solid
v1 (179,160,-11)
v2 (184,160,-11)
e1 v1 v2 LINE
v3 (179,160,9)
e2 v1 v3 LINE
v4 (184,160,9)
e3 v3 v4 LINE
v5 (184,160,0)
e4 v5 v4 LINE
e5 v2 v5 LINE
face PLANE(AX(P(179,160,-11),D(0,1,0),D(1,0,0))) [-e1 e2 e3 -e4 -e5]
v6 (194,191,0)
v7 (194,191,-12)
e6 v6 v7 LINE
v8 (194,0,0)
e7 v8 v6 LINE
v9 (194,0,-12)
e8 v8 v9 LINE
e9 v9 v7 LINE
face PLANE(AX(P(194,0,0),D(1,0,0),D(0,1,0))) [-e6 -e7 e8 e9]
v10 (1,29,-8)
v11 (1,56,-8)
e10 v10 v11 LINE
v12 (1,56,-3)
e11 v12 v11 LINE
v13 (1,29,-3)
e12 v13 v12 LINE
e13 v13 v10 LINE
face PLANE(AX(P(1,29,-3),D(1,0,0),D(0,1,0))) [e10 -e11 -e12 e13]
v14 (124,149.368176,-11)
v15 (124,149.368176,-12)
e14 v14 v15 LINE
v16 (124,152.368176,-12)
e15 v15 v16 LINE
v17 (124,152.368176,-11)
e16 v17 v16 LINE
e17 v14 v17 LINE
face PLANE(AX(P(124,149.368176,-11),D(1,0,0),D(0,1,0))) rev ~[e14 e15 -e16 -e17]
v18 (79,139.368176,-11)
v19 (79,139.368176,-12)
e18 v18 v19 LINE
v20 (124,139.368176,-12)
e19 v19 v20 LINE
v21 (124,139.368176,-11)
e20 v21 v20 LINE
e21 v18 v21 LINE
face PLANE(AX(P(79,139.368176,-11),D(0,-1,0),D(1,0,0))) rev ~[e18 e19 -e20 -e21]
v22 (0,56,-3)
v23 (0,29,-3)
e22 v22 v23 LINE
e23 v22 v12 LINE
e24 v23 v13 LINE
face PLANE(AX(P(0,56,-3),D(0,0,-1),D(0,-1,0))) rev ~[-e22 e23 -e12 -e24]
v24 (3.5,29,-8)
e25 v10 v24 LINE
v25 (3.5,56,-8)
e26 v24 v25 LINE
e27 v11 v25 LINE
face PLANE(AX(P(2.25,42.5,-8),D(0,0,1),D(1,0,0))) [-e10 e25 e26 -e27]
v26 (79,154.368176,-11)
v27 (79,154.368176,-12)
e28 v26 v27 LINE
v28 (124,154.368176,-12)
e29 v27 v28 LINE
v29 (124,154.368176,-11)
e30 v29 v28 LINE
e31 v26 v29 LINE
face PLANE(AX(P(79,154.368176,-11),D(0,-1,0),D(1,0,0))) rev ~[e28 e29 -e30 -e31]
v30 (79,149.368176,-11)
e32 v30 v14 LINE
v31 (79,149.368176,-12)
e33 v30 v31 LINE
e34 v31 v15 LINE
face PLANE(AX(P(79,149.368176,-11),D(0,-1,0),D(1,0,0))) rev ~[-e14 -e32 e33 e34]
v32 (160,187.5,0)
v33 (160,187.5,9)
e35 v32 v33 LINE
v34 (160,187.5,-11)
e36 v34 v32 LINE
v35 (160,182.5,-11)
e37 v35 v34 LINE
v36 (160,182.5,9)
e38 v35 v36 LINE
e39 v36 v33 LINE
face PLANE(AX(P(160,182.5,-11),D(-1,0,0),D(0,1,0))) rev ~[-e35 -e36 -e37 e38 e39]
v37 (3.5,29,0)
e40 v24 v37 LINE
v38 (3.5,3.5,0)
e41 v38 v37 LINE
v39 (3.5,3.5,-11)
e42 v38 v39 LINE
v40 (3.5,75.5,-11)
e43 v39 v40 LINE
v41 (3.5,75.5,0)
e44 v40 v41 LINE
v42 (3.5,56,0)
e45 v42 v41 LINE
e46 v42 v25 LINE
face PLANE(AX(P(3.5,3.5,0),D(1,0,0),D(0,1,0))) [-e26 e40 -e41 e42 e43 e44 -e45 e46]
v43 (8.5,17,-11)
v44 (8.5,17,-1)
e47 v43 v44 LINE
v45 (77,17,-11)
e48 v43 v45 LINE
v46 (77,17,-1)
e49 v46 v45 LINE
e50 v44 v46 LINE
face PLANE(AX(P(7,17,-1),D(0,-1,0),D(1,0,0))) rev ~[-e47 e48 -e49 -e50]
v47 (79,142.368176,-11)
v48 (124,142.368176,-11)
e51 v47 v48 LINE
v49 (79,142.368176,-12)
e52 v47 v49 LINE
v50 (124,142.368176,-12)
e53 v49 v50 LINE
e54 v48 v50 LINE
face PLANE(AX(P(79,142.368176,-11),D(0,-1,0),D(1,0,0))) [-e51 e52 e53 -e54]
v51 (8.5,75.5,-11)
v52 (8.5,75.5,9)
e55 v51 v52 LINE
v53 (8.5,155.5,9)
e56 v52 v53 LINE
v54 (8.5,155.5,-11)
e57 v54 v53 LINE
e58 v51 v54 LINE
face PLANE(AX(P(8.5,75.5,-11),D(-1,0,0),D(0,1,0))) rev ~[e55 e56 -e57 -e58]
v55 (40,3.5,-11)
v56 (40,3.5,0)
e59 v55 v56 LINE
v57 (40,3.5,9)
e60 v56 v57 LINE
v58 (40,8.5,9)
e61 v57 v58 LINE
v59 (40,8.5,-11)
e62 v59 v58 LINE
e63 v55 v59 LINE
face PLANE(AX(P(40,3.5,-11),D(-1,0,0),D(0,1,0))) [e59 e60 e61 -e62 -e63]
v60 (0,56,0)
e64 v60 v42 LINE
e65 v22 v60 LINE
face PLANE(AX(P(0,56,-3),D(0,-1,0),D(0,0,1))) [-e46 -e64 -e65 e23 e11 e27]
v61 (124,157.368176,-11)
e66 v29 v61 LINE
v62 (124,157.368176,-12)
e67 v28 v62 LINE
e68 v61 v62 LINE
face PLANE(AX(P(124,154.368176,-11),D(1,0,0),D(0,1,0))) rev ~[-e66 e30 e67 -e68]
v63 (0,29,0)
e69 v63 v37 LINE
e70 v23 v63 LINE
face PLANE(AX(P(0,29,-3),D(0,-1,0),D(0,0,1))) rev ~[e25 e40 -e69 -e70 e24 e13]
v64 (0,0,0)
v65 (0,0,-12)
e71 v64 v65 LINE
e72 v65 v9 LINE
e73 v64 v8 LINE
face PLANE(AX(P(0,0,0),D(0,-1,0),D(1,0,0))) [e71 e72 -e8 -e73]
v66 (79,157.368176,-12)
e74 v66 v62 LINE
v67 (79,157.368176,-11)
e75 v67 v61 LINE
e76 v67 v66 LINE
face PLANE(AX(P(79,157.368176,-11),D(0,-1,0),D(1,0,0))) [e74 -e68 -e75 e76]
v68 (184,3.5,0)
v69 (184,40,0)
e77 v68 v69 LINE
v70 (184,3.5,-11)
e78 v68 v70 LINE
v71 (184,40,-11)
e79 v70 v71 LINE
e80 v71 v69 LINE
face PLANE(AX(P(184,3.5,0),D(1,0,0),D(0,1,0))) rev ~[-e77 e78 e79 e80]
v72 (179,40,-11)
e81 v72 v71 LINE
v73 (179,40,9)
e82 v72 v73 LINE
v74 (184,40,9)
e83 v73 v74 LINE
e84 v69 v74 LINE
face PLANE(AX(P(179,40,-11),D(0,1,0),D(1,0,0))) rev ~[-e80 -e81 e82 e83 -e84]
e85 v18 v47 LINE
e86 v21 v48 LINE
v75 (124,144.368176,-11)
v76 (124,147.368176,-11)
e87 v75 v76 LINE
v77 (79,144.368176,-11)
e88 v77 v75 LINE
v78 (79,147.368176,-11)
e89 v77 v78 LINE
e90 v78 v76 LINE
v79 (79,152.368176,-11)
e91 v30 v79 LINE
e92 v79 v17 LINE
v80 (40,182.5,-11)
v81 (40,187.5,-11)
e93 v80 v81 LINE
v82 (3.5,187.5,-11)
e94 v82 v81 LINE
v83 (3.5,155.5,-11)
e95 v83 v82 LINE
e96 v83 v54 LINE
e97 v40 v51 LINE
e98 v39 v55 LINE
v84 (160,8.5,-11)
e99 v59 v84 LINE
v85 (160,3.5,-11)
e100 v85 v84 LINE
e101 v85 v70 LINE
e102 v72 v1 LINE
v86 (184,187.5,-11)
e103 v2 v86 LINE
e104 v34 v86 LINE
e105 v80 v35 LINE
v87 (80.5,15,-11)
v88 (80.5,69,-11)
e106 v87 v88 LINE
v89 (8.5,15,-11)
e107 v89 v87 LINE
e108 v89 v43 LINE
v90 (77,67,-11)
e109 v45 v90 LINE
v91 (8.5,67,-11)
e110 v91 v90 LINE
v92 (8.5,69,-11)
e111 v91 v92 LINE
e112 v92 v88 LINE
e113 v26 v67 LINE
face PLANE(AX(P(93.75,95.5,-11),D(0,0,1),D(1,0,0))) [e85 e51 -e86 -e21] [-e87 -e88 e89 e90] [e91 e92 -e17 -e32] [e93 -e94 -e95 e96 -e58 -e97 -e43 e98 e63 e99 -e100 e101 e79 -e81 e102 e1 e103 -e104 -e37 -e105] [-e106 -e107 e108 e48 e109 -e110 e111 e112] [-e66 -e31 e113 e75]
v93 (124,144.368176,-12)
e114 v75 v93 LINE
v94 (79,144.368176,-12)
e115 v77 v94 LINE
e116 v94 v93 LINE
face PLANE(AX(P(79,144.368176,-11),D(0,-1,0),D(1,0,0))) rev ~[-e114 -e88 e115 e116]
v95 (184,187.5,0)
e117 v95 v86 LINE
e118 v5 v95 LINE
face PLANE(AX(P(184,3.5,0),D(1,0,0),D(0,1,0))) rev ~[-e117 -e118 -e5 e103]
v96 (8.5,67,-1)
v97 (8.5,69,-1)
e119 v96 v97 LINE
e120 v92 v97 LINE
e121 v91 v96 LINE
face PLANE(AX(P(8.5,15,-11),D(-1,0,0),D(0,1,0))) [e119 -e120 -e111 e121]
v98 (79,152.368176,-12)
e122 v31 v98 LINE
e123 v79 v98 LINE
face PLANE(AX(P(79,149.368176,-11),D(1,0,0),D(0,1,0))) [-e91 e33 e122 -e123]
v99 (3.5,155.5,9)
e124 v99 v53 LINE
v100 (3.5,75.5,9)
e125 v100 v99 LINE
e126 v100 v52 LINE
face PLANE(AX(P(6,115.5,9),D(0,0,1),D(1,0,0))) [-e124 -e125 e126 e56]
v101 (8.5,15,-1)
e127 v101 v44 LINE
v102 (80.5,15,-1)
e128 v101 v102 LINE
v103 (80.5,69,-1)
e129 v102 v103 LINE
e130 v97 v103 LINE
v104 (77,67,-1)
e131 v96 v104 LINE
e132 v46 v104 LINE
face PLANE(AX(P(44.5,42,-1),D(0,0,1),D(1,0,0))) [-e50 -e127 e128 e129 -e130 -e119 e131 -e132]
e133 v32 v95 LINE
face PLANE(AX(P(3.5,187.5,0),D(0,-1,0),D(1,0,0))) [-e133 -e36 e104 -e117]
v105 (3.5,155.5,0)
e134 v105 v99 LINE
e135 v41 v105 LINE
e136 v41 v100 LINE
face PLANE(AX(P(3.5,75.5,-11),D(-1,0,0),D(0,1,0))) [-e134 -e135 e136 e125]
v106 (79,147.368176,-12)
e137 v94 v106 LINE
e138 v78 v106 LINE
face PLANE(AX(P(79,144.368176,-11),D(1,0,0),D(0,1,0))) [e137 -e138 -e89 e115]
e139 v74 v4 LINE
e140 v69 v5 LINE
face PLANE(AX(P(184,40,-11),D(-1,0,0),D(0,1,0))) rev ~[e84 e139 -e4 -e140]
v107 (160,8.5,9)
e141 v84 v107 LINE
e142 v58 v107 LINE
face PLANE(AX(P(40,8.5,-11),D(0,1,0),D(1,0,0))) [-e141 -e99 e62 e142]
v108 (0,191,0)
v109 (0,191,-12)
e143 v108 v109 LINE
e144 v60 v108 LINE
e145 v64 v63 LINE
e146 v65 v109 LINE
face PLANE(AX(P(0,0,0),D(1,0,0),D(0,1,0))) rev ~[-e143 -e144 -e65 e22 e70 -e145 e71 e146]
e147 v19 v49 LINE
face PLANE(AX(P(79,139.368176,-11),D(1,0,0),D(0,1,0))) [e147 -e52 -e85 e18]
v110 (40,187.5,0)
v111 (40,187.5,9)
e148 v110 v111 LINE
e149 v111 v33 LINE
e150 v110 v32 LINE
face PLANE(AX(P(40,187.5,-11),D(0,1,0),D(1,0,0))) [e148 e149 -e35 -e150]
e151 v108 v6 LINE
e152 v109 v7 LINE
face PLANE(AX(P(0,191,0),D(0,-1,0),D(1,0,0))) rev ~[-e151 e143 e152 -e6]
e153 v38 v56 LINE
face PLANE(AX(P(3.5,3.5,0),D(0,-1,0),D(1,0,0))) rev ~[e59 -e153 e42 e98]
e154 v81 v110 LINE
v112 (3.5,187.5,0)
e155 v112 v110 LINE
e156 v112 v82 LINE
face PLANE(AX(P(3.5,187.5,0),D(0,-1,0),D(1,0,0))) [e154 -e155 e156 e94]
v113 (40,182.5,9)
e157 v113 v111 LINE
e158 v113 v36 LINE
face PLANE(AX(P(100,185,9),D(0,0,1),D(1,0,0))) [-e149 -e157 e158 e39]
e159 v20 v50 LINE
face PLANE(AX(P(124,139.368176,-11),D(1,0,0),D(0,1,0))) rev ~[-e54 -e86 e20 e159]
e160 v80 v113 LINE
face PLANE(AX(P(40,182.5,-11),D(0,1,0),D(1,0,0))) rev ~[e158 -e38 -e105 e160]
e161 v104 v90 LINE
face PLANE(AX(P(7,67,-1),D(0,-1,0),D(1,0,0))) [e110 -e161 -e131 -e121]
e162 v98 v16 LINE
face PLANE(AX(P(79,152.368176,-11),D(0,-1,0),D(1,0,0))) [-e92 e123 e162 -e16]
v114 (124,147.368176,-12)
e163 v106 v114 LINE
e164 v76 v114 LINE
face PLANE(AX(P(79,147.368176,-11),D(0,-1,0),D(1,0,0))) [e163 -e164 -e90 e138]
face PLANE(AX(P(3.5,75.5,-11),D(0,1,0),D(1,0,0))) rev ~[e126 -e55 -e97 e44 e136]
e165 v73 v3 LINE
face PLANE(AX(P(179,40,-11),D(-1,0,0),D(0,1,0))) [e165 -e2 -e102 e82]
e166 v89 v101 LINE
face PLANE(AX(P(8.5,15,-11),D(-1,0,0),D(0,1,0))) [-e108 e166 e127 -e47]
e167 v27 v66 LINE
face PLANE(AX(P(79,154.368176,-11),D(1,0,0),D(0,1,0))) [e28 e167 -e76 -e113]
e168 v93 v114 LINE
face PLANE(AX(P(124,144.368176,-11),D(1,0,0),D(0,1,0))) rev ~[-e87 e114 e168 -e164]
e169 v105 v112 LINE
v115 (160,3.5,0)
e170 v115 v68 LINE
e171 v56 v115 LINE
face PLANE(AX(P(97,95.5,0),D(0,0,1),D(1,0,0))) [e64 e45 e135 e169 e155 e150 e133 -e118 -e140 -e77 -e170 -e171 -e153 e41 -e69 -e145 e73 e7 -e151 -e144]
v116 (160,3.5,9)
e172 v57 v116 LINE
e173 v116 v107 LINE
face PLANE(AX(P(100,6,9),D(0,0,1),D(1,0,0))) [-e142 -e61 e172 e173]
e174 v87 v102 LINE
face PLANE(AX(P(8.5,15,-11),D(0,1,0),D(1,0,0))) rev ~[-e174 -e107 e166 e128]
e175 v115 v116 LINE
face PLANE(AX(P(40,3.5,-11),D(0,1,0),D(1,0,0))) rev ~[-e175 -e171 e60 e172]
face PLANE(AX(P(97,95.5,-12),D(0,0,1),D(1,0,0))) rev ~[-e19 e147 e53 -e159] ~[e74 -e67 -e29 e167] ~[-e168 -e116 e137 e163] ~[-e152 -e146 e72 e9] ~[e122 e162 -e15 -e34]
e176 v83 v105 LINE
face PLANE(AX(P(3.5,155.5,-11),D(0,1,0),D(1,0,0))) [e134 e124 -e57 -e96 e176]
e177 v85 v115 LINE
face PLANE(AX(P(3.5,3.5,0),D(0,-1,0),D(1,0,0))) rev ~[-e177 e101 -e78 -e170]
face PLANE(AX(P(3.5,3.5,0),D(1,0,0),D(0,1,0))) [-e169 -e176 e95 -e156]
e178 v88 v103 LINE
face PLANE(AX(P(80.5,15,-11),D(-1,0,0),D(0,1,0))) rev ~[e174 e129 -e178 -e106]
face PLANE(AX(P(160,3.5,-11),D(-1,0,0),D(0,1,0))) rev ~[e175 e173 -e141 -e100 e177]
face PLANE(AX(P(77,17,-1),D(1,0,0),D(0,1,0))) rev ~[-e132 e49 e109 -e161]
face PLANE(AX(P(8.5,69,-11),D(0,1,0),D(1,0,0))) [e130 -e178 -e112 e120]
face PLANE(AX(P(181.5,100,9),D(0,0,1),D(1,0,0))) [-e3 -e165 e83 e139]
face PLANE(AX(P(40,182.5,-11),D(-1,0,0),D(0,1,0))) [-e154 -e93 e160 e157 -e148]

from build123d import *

# Parameters (mm, degrees)
SKETCH_W            = 194
SKETCH_H            = 191
PAD_DEPTH           = 12
SKETCH002_W         = 180.5
SKETCH002_H         = 184
POCKET_DEPTH        = 11
SKETCH004_W         = 120
SKETCH004_H         = 5
SKETCH004_W_2       = 5
SKETCH004_H_2       = 120
SKETCH004_H_3       = 80
PAD001_DEPTH        = 20
SKETCH005_W         = 72
SKETCH005_H         = 54
PAD002_DEPTH        = 10
SKETCH006_W         = 70
SKETCH006_H         = 50
POCKET001_DEPTH     = 10
SKETCH007_W         = 27
SKETCH007_H         = 3
POCKET002_DEPTH     = 5
SKETCH008_W         = 2.5
SKETCH008_H         = 27
POCKET003_DEPTH     = 5
SKETCH009_W         = 45
SKETCH009_H         = 3
POCKET004_DEPTH     = 5
LINEARPATTERN_COUNT = 4
LINEARPATTERN_PITCH = 5


with BuildPart() as part:
    # Sketch → Pad (new body)
    with BuildSketch(Plane.XY):
        with Locations((97, 95.5)):
            Rectangle(SKETCH_W, SKETCH_H)
    extrude(amount=-PAD_DEPTH)

    # Sketch002 → Pocket (cut)
    with BuildSketch(Plane.XY):
        with Locations((93.75, 95.5)):
            Rectangle(SKETCH002_W, SKETCH002_H)
    extrude(amount=-POCKET_DEPTH, mode=Mode.SUBTRACT)

    # Sketch004 (on Face11 of Pocket) → Pad001 (join)
    with BuildSketch(Plane.XY.offset(-11)):
        with Locations((100, 185)):
            Rectangle(SKETCH004_W, SKETCH004_H)
        with Locations((100, 6)):
            Rectangle(SKETCH004_W, SKETCH004_H)
        with Locations((181.5, 100)):
            Rectangle(SKETCH004_W_2, SKETCH004_H_2)
        with Locations((6, 115.5)):
            Rectangle(SKETCH004_W_2, SKETCH004_H_3)
    extrude(amount=PAD001_DEPTH)

    # Sketch005 (on Face20 of Pad001) → Pad002 (join)
    with BuildSketch(Plane.XY.offset(-11)):
        with Locations((44.5, 42)):
            Rectangle(SKETCH005_W, SKETCH005_H)
    extrude(amount=PAD002_DEPTH)

    # Sketch006 (on Face40 of Pad002) → Pocket001 (cut)
    with BuildSketch(Plane.XY.offset(-1)):
        with Locations((42, 42)):
            Rectangle(SKETCH006_W, SKETCH006_H)
    extrude(amount=-POCKET001_DEPTH, mode=Mode.SUBTRACT)

    # Sketch007 (on Face2 of Pocket001) → Pocket002 (cut)
    with BuildSketch(Plane(origin=(0, 0, 0), x_dir=(0, -1, 0), z_dir=(-1, 0, 0))):
        with Locations((-42.5, -1.5)):
            Rectangle(SKETCH007_W, SKETCH007_H)
    extrude(amount=-POCKET002_DEPTH, mode=Mode.SUBTRACT)

    # Sketch008 (on Face7 of Pocket002) → Pocket003 (cut)
    with BuildSketch(Plane.XY.offset(-3)):
        with Locations((2.25, 42.5)):
            Rectangle(SKETCH008_W, SKETCH008_H)
    extrude(amount=-POCKET003_DEPTH, mode=Mode.SUBTRACT)

    # Sketch009 (on Face22 of Pocket003) → Pocket004 (cut)
    with BuildSketch(Plane.XY.offset(-11)):
        with Locations((101.5, 155.868176)):
            Rectangle(SKETCH009_W, SKETCH009_H)
    pocket004 = extrude(amount=-POCKET004_DEPTH, mode=Mode.SUBTRACT)

    # LinearPattern: Pocket004 ×4
    with Locations(*[(0, -i * LINEARPATTERN_PITCH, 0) for i in range(1, LINEARPATTERN_COUNT)]):
        add(pocket004, mode=Mode.SUBTRACT)


solid = part.part
